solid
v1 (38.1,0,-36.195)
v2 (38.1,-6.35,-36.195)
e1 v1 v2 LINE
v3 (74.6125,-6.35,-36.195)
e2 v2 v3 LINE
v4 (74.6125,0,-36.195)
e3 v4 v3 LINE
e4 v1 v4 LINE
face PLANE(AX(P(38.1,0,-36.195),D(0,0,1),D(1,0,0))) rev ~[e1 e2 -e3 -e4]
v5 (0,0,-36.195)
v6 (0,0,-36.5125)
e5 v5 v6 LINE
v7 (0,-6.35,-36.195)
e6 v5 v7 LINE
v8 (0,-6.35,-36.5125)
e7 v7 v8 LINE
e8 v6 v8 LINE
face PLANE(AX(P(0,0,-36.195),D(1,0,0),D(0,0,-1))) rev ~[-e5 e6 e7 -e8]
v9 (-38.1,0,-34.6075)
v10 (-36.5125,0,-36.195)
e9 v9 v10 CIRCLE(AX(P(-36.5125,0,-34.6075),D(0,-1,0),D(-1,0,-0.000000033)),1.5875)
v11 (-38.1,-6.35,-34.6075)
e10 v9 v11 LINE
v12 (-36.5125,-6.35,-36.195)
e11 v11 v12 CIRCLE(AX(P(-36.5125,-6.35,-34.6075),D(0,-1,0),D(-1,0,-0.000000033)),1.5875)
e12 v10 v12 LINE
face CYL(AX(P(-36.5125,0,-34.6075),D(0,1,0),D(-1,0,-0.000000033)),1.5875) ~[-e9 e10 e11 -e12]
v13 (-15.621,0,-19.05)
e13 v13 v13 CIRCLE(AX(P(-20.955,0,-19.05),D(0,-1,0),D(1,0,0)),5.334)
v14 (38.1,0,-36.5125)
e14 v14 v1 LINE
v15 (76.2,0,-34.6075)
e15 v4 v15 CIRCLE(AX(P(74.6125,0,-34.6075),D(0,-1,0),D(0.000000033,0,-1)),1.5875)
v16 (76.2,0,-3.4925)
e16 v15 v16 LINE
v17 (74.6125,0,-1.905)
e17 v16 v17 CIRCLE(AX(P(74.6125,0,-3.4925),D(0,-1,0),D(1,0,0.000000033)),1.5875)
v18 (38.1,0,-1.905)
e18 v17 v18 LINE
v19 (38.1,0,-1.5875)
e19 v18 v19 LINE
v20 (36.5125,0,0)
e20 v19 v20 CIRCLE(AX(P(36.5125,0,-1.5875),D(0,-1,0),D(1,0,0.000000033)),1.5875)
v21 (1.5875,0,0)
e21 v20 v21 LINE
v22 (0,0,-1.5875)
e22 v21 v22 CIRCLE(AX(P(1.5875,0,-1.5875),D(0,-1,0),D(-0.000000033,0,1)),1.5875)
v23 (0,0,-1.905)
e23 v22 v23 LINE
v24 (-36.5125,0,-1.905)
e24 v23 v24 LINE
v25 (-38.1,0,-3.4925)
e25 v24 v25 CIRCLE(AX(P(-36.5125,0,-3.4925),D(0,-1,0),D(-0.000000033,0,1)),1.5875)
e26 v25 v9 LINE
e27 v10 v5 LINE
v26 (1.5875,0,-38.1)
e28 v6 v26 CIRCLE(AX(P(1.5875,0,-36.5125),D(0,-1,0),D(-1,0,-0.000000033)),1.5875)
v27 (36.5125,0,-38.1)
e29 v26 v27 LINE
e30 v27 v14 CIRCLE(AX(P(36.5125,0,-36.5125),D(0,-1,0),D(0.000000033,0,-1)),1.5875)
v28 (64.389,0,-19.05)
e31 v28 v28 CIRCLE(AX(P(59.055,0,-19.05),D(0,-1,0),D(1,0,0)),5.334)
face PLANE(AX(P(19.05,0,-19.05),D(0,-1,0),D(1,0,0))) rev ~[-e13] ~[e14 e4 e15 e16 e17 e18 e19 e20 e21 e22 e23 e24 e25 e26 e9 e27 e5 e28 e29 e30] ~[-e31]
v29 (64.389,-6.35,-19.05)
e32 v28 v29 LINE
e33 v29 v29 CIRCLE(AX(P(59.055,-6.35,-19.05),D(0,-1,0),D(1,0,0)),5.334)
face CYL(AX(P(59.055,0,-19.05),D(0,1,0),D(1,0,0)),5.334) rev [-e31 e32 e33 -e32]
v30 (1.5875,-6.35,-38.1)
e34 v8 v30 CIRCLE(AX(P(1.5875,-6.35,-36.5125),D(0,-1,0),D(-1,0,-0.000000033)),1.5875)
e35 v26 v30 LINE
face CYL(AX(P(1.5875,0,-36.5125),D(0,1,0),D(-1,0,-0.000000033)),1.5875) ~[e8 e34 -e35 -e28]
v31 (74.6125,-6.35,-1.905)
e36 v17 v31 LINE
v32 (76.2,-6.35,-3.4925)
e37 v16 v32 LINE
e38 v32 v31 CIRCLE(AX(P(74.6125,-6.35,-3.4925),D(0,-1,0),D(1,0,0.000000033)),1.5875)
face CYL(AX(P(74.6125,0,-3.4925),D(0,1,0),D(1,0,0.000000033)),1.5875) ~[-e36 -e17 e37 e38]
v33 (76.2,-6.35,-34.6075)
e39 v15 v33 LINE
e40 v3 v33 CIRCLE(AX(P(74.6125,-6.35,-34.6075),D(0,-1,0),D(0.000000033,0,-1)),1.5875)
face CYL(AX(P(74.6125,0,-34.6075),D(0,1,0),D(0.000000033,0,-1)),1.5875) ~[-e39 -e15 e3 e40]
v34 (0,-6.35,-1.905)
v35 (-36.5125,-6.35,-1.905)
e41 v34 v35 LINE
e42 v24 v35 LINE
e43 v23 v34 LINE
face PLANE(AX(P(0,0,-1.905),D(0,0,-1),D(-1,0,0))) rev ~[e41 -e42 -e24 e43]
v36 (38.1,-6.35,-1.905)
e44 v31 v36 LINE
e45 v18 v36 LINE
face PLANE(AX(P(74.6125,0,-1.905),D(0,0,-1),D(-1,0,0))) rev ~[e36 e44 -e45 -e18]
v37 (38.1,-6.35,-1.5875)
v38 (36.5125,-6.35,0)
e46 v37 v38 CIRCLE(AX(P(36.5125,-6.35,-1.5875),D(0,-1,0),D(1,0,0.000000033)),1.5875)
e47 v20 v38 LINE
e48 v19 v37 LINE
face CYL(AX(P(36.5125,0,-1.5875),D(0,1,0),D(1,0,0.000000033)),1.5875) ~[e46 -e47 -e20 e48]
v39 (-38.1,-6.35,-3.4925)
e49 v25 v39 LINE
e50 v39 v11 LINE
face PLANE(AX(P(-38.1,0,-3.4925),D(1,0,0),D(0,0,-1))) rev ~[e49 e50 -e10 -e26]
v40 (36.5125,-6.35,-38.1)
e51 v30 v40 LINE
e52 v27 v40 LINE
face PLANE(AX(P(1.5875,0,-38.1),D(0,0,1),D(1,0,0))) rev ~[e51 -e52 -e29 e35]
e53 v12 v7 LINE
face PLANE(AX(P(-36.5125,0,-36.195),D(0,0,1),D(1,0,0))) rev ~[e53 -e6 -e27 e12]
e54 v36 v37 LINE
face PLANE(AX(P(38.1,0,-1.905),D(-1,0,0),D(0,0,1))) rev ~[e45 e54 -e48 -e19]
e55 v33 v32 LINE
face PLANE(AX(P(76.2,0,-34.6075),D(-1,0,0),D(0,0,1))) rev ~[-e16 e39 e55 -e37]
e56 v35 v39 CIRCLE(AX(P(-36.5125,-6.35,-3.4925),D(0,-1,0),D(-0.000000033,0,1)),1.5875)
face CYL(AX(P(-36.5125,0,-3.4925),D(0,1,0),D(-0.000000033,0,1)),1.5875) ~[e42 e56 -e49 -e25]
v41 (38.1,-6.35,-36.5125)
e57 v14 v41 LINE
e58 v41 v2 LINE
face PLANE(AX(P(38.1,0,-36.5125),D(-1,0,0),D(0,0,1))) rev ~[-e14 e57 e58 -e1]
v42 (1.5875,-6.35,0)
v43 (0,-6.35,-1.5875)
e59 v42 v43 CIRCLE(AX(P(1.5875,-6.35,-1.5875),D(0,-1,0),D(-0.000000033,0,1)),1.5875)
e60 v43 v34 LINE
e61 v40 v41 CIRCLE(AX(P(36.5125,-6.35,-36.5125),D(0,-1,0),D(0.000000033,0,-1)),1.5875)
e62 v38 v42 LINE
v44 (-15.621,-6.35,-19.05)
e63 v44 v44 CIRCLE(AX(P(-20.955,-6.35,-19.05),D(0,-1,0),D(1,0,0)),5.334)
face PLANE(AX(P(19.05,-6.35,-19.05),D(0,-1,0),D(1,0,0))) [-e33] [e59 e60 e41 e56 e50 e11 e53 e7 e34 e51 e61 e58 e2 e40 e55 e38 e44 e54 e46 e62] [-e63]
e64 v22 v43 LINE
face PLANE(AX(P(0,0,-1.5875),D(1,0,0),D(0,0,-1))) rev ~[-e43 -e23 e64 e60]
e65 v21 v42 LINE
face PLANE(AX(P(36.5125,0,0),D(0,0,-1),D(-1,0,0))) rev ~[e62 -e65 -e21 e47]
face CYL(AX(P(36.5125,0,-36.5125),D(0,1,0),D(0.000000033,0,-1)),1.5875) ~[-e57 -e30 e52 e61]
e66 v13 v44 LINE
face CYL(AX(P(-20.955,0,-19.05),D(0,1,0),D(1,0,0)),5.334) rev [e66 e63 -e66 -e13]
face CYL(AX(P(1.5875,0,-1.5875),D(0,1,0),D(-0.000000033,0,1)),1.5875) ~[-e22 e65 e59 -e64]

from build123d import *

# Parameters (mm, degrees)
F0_R     = 5.334
F1_DEPTH = 6.35


with BuildPart() as f1:
    # F0 (on Front) → F1 (new body)
    with BuildSketch(Plane.XZ):
        with BuildLine():
            Line((36.5125, 0), (1.5875, 0))
            ThreePointArc((1.5875, 0), (0.464968, -0.464968), (0, -1.5875))
            Line((0, -1.5875), (0, -1.905))
            Line((0, -1.905), (-36.5125, -1.905))
            ThreePointArc((-36.5125, -1.905), (-37.635032, -2.369968), (-38.1, -3.4925))
            Line((-38.1, -3.4925), (-38.1, -34.6075))
            ThreePointArc((-38.1, -34.6075), (-37.635032, -35.730032), (-36.5125, -36.195))
            Line((-36.5125, -36.195), (0, -36.195))
            Line((0, -36.195), (0, -36.5125))
            ThreePointArc((0, -36.5125), (0.464968, -37.635032), (1.5875, -38.1))
            Line((1.5875, -38.1), (36.5125, -38.1))
            ThreePointArc((36.5125, -38.1), (37.635032, -37.635032), (38.1, -36.5125))
            Line((38.1, -36.5125), (38.1, -36.195))
            Line((38.1, -36.195), (74.6125, -36.195))
            ThreePointArc((74.6125, -36.195), (75.735032, -35.730032), (76.2, -34.6075))
            Line((76.2, -34.6075), (76.2, -3.4925))
            ThreePointArc((76.2, -3.4925), (75.735032, -2.369968), (74.6125, -1.905))
            Line((74.6125, -1.905), (38.1, -1.905))
            Line((38.1, -1.905), (38.1, -1.5875))
            ThreePointArc((38.1, -1.5875), (37.635032, -0.464968), (36.5125, 0))
        make_face()
        with Locations((-20.955, -19.05)):
            Circle(F0_R, mode=Mode.SUBTRACT)
        with Locations((59.055, -19.05)):
            Circle(F0_R, mode=Mode.SUBTRACT)
    extrude(amount=F1_DEPTH)


solid = f1.part
